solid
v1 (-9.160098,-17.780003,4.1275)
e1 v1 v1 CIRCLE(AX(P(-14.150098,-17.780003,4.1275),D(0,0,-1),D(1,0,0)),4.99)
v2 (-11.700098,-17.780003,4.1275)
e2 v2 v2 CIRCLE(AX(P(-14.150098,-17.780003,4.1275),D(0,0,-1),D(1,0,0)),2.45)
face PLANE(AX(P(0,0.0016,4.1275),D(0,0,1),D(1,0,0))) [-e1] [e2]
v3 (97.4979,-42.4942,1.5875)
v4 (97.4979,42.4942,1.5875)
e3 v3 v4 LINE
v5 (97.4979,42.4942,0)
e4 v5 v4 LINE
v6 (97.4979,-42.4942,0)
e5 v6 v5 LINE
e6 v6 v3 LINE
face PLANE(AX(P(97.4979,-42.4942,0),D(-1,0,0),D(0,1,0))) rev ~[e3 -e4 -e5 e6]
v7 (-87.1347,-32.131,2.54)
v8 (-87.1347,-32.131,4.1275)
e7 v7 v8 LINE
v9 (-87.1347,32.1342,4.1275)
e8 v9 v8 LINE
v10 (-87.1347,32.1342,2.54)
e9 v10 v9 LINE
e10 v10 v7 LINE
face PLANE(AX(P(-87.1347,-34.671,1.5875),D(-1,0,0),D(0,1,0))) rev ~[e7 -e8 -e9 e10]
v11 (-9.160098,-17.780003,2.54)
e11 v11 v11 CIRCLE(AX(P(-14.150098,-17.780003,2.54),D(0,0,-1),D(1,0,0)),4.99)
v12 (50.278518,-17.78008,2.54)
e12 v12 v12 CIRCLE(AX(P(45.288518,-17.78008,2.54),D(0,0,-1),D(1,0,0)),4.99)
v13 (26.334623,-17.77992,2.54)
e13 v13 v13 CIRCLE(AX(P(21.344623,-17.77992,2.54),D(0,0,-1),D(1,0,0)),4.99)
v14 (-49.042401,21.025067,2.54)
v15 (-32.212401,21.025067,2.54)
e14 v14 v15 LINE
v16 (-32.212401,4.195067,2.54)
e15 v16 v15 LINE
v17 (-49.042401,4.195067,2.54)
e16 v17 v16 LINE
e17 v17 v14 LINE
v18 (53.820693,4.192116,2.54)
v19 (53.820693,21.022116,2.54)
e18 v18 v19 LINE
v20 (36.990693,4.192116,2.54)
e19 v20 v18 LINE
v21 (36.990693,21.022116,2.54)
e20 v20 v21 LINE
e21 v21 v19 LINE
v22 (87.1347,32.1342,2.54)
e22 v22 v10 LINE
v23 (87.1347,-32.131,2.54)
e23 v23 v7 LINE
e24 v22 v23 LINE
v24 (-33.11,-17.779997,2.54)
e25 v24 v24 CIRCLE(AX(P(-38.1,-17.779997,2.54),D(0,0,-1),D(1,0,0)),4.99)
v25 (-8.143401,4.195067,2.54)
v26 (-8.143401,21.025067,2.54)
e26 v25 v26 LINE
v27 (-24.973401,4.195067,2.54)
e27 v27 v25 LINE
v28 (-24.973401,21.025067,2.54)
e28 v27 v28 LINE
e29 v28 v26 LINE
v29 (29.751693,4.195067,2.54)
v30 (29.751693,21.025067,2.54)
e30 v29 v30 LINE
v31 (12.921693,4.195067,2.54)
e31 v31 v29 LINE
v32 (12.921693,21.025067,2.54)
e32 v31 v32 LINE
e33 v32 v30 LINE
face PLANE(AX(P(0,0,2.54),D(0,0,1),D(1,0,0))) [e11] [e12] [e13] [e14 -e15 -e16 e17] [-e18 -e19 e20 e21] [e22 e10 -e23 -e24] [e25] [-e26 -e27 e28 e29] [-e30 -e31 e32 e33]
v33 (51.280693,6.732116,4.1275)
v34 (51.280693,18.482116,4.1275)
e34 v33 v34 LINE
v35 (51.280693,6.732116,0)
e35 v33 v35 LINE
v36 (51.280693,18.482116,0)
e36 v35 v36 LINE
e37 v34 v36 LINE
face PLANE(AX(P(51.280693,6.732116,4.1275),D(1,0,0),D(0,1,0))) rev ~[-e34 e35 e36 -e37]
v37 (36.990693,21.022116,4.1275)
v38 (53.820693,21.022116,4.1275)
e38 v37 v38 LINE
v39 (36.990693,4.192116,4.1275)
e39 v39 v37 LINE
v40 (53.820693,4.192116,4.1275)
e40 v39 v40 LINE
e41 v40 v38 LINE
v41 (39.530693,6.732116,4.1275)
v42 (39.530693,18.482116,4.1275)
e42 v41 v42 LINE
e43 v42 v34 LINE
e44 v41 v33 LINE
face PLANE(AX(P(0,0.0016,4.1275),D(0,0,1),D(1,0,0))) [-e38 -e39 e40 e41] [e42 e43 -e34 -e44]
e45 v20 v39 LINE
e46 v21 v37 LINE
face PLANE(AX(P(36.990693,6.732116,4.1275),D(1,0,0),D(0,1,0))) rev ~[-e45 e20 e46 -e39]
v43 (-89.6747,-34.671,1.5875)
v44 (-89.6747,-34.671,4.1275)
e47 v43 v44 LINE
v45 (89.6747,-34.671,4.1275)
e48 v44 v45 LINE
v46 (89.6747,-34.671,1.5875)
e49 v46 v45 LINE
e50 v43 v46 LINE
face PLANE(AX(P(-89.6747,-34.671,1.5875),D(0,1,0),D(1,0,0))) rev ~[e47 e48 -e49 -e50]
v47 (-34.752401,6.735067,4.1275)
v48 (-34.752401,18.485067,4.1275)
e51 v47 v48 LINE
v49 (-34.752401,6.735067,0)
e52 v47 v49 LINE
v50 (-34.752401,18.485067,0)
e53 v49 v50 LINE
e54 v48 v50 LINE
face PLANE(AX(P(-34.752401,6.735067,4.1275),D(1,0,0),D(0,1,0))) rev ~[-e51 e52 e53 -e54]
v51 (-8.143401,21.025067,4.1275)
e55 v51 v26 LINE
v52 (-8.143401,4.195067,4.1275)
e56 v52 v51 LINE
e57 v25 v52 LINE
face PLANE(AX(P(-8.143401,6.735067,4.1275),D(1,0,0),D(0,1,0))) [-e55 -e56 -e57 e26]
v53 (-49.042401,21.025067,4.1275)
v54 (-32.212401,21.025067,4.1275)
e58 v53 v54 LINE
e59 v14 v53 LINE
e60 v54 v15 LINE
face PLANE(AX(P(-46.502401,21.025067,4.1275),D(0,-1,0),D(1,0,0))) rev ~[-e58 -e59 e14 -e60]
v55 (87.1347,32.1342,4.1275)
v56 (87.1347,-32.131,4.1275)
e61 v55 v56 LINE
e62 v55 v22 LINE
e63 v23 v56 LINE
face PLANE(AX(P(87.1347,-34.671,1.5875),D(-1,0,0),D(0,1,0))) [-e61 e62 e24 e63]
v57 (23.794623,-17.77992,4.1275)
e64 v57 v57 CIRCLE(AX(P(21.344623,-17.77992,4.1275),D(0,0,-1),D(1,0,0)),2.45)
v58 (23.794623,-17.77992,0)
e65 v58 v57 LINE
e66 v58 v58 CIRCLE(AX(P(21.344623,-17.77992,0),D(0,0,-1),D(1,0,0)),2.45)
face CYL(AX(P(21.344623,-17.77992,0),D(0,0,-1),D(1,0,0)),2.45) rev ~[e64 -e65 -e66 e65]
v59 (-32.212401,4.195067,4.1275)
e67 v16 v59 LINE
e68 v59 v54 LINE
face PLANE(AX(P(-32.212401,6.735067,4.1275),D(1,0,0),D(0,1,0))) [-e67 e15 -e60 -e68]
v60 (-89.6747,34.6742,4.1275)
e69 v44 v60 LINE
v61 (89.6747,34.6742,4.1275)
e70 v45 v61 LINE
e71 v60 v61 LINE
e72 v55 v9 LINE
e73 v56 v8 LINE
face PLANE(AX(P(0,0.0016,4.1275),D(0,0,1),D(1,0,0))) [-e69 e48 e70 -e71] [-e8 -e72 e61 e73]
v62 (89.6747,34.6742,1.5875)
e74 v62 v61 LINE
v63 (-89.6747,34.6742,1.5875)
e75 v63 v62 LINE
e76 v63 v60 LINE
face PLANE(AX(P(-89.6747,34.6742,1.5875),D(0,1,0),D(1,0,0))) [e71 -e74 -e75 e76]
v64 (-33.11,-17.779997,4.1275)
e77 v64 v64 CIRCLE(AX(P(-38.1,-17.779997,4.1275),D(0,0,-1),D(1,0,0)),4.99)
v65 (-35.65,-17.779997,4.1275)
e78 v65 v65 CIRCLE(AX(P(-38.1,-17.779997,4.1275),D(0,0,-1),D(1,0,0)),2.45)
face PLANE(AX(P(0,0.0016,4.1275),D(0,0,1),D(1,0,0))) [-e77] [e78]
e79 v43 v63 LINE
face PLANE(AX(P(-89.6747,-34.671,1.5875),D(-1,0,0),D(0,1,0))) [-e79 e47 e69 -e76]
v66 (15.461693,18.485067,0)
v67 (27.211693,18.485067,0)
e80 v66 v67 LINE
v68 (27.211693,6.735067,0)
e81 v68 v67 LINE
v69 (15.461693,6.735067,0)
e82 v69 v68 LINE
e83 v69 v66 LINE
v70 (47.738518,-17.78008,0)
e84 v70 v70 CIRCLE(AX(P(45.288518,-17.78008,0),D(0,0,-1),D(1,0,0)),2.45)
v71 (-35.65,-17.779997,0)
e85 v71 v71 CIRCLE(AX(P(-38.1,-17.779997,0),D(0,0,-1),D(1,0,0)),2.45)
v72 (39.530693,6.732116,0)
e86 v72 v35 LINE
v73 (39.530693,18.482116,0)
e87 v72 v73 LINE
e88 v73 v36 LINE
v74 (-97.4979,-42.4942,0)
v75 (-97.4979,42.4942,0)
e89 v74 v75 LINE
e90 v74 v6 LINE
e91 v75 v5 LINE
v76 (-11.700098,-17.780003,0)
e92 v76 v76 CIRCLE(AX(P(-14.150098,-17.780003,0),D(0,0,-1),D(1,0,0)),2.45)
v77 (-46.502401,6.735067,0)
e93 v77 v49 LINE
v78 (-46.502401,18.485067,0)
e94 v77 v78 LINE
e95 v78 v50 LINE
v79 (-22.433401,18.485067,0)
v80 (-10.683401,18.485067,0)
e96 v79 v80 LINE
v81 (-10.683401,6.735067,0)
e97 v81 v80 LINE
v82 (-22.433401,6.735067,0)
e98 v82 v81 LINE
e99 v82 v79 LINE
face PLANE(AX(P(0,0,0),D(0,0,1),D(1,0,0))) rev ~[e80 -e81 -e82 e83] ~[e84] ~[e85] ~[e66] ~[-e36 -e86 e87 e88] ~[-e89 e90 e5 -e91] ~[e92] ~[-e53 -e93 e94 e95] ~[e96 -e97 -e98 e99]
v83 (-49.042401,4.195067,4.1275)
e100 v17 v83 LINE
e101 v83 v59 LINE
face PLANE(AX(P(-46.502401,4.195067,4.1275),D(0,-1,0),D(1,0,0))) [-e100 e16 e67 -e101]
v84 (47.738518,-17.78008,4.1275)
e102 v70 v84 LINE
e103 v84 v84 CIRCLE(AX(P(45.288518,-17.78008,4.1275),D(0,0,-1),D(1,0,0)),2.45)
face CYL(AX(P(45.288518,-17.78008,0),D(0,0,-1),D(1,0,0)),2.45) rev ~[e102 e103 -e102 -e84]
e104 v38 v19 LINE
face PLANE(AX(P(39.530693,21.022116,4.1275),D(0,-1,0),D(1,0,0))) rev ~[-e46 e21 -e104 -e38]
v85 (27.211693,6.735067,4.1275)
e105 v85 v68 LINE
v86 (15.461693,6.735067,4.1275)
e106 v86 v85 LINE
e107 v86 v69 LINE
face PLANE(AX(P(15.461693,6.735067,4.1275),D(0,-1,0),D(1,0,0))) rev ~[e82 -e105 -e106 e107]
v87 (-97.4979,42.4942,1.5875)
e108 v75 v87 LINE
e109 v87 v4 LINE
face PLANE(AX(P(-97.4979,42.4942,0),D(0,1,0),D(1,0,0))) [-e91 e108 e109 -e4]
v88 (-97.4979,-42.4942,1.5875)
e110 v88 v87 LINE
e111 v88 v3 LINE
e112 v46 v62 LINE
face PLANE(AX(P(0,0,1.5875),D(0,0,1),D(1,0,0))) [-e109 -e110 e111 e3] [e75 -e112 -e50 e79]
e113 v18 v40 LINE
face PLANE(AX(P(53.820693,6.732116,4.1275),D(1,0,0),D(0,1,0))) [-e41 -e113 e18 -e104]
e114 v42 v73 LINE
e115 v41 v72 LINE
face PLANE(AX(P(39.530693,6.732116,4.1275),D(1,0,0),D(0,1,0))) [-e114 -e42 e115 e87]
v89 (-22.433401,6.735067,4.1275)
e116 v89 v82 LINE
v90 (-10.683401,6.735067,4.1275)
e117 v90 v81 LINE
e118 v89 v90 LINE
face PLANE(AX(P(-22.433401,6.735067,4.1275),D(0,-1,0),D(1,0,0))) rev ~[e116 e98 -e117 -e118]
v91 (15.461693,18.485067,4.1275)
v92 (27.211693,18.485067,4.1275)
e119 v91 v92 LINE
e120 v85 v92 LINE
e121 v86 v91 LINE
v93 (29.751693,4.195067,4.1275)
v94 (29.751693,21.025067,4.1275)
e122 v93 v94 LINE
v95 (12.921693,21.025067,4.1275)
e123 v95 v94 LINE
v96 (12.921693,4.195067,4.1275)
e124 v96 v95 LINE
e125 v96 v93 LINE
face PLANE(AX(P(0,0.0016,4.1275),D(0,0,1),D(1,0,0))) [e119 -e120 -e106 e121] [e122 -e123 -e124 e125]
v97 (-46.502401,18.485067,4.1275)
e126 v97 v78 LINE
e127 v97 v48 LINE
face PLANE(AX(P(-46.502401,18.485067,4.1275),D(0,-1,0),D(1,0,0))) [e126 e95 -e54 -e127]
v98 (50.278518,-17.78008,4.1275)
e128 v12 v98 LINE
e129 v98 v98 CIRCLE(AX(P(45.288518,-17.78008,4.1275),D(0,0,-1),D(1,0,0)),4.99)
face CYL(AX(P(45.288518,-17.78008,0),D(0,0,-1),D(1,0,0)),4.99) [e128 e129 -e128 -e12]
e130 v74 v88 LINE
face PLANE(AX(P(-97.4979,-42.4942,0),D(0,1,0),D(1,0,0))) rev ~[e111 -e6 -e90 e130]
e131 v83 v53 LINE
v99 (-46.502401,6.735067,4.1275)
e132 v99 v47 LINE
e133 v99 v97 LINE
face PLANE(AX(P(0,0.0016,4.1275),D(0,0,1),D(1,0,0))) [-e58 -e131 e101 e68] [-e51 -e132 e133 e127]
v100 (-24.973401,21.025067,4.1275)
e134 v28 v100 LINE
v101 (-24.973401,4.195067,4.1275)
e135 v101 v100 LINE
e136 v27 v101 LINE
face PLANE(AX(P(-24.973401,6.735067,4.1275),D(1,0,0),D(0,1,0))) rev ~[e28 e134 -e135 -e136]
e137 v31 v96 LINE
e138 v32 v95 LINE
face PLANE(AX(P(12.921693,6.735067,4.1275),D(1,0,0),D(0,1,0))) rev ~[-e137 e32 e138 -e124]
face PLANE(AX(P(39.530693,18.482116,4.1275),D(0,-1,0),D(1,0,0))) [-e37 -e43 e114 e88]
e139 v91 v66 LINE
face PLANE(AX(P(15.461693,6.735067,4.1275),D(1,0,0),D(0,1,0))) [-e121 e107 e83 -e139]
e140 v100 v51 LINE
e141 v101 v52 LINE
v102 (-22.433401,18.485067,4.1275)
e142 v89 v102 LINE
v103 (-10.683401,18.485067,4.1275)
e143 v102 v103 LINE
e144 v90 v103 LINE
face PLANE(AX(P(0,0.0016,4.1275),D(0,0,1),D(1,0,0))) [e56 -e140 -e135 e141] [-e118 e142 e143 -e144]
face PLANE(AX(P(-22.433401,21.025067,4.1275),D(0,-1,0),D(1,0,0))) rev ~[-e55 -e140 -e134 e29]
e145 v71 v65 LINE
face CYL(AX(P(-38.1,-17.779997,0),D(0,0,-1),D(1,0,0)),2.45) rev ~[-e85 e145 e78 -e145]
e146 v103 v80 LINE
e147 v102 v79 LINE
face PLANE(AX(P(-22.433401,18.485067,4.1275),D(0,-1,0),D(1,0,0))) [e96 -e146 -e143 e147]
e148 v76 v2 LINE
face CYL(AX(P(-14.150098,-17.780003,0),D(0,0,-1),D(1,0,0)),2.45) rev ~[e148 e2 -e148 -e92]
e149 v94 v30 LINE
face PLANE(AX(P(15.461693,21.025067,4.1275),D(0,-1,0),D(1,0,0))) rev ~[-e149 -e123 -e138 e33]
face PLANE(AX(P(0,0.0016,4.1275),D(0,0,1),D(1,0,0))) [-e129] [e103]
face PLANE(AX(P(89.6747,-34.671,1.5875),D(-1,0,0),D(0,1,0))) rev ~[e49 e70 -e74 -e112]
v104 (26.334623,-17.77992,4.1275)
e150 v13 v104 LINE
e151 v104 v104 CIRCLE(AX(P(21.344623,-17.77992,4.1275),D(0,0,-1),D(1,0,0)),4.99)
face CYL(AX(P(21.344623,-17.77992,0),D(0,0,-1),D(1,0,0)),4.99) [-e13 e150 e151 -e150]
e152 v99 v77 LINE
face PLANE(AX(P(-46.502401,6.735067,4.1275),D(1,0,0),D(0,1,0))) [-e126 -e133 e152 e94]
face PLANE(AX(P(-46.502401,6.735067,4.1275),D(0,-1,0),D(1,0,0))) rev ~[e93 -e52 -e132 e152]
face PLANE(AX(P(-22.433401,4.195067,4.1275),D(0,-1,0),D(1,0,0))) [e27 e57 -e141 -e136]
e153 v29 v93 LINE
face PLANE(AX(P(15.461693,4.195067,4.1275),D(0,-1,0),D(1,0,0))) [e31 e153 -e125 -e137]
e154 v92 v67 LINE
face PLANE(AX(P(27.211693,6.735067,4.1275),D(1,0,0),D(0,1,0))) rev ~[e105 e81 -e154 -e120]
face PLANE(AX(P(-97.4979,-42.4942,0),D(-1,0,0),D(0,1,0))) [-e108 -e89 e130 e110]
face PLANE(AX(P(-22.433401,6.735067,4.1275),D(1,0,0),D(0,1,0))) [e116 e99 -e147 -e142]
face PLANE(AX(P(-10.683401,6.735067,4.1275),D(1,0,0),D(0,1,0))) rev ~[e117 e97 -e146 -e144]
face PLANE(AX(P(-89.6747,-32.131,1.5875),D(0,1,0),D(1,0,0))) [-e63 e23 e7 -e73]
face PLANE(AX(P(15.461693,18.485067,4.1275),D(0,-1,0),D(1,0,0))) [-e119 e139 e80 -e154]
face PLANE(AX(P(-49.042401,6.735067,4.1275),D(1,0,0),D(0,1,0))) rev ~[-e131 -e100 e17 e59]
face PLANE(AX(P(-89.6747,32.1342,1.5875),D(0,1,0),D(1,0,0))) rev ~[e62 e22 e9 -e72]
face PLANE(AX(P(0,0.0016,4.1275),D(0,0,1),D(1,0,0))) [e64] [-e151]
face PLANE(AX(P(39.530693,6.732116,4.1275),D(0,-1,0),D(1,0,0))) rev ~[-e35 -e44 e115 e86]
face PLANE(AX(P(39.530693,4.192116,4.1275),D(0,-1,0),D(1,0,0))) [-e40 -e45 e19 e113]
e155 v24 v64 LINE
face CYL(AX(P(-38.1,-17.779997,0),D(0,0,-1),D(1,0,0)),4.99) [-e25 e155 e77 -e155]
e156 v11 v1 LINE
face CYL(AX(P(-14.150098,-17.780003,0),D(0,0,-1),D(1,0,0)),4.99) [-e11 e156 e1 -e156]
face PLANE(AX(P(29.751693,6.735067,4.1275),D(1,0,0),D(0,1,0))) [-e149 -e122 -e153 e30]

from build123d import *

# Parameters (mm, degrees)
F0_W     = 194.9958
F0_H     = 84.9884
F1_DEPTH = 1.5875
F2_W     = 179.3494
F2_H     = 69.3452
F2_W_2   = 64.45
F2_H_2   = 11.61
F3_DEPTH = 2.54
F4_R     = 2.45
F5_DEPTH = 22.86
F6_W     = 11.75
F6_H     = 11.75
F7_DEPTH = 25.4
F8_T     = -2.54


with BuildPart() as f1:
    # F0 (on Top) → F1 (new body)
    with BuildSketch(Plane.XY):
        Rectangle(F0_W, F0_H)
    extrude(amount=F1_DEPTH)

    # F2 (on face) → F3 (join)
    with BuildSketch(Plane.XY.offset(1.5875)):
        with Locations((0, 0.0016)):
            Rectangle(F2_W, F2_H)
        with Locations((-49.5541132987, 20.0935862262)):
            Rectangle(F2_W_2, F2_H_2, mode=Mode.SUBTRACT)
        with Locations((-49.5541132987, 20.0935862262)):
            Rectangle(F2_W_2, F2_H_2)
    extrude(amount=F3_DEPTH)

    # F4 (on face) → F5 (cut)
    with BuildSketch(Plane(origin=(0, 0, 0), x_dir=(1, 0, 0), z_dir=(0, 0, -1))):
        with Locations((-38.0999999963, 17.779997108)):
            Circle(F4_R)
        with Locations((45.2885175493, 17.780080176)):
            Circle(F4_R)
        with Locations((21.3446233022, 17.7799198239)):
            Circle(F4_R)
        with Locations((-14.1500980391, 17.780002892)):
            Circle(F4_R)
    extrude(amount=-F5_DEPTH, mode=Mode.SUBTRACT)

    # F6 (on face) → F7 (cut)
    with BuildSketch(Plane.XY.offset(4.1275)):
        with Locations((45.4056928721, 12.6071161675)):
            Rectangle(F6_W, F6_H)
        with Locations((21.3366928721, 12.610067341)):
            Rectangle(F6_W, F6_H)
        with Locations((-16.5584006092, 12.610067341)):
            Rectangle(F6_W, F6_H)
        with Locations((-40.6274006092, 12.610067341)):
            Rectangle(F6_W, F6_H)
    extrude(amount=-F7_DEPTH, mode=Mode.SUBTRACT)

    # F8
    f8_openings = [f1.faces().sort_by_distance(p)[0] for p in [
        (-0.134693, -0.47441, 4.1275),
    ]]
    offset(amount=F8_T, openings=f8_openings, kind=Kind.INTERSECTION)


solid = f1.part
